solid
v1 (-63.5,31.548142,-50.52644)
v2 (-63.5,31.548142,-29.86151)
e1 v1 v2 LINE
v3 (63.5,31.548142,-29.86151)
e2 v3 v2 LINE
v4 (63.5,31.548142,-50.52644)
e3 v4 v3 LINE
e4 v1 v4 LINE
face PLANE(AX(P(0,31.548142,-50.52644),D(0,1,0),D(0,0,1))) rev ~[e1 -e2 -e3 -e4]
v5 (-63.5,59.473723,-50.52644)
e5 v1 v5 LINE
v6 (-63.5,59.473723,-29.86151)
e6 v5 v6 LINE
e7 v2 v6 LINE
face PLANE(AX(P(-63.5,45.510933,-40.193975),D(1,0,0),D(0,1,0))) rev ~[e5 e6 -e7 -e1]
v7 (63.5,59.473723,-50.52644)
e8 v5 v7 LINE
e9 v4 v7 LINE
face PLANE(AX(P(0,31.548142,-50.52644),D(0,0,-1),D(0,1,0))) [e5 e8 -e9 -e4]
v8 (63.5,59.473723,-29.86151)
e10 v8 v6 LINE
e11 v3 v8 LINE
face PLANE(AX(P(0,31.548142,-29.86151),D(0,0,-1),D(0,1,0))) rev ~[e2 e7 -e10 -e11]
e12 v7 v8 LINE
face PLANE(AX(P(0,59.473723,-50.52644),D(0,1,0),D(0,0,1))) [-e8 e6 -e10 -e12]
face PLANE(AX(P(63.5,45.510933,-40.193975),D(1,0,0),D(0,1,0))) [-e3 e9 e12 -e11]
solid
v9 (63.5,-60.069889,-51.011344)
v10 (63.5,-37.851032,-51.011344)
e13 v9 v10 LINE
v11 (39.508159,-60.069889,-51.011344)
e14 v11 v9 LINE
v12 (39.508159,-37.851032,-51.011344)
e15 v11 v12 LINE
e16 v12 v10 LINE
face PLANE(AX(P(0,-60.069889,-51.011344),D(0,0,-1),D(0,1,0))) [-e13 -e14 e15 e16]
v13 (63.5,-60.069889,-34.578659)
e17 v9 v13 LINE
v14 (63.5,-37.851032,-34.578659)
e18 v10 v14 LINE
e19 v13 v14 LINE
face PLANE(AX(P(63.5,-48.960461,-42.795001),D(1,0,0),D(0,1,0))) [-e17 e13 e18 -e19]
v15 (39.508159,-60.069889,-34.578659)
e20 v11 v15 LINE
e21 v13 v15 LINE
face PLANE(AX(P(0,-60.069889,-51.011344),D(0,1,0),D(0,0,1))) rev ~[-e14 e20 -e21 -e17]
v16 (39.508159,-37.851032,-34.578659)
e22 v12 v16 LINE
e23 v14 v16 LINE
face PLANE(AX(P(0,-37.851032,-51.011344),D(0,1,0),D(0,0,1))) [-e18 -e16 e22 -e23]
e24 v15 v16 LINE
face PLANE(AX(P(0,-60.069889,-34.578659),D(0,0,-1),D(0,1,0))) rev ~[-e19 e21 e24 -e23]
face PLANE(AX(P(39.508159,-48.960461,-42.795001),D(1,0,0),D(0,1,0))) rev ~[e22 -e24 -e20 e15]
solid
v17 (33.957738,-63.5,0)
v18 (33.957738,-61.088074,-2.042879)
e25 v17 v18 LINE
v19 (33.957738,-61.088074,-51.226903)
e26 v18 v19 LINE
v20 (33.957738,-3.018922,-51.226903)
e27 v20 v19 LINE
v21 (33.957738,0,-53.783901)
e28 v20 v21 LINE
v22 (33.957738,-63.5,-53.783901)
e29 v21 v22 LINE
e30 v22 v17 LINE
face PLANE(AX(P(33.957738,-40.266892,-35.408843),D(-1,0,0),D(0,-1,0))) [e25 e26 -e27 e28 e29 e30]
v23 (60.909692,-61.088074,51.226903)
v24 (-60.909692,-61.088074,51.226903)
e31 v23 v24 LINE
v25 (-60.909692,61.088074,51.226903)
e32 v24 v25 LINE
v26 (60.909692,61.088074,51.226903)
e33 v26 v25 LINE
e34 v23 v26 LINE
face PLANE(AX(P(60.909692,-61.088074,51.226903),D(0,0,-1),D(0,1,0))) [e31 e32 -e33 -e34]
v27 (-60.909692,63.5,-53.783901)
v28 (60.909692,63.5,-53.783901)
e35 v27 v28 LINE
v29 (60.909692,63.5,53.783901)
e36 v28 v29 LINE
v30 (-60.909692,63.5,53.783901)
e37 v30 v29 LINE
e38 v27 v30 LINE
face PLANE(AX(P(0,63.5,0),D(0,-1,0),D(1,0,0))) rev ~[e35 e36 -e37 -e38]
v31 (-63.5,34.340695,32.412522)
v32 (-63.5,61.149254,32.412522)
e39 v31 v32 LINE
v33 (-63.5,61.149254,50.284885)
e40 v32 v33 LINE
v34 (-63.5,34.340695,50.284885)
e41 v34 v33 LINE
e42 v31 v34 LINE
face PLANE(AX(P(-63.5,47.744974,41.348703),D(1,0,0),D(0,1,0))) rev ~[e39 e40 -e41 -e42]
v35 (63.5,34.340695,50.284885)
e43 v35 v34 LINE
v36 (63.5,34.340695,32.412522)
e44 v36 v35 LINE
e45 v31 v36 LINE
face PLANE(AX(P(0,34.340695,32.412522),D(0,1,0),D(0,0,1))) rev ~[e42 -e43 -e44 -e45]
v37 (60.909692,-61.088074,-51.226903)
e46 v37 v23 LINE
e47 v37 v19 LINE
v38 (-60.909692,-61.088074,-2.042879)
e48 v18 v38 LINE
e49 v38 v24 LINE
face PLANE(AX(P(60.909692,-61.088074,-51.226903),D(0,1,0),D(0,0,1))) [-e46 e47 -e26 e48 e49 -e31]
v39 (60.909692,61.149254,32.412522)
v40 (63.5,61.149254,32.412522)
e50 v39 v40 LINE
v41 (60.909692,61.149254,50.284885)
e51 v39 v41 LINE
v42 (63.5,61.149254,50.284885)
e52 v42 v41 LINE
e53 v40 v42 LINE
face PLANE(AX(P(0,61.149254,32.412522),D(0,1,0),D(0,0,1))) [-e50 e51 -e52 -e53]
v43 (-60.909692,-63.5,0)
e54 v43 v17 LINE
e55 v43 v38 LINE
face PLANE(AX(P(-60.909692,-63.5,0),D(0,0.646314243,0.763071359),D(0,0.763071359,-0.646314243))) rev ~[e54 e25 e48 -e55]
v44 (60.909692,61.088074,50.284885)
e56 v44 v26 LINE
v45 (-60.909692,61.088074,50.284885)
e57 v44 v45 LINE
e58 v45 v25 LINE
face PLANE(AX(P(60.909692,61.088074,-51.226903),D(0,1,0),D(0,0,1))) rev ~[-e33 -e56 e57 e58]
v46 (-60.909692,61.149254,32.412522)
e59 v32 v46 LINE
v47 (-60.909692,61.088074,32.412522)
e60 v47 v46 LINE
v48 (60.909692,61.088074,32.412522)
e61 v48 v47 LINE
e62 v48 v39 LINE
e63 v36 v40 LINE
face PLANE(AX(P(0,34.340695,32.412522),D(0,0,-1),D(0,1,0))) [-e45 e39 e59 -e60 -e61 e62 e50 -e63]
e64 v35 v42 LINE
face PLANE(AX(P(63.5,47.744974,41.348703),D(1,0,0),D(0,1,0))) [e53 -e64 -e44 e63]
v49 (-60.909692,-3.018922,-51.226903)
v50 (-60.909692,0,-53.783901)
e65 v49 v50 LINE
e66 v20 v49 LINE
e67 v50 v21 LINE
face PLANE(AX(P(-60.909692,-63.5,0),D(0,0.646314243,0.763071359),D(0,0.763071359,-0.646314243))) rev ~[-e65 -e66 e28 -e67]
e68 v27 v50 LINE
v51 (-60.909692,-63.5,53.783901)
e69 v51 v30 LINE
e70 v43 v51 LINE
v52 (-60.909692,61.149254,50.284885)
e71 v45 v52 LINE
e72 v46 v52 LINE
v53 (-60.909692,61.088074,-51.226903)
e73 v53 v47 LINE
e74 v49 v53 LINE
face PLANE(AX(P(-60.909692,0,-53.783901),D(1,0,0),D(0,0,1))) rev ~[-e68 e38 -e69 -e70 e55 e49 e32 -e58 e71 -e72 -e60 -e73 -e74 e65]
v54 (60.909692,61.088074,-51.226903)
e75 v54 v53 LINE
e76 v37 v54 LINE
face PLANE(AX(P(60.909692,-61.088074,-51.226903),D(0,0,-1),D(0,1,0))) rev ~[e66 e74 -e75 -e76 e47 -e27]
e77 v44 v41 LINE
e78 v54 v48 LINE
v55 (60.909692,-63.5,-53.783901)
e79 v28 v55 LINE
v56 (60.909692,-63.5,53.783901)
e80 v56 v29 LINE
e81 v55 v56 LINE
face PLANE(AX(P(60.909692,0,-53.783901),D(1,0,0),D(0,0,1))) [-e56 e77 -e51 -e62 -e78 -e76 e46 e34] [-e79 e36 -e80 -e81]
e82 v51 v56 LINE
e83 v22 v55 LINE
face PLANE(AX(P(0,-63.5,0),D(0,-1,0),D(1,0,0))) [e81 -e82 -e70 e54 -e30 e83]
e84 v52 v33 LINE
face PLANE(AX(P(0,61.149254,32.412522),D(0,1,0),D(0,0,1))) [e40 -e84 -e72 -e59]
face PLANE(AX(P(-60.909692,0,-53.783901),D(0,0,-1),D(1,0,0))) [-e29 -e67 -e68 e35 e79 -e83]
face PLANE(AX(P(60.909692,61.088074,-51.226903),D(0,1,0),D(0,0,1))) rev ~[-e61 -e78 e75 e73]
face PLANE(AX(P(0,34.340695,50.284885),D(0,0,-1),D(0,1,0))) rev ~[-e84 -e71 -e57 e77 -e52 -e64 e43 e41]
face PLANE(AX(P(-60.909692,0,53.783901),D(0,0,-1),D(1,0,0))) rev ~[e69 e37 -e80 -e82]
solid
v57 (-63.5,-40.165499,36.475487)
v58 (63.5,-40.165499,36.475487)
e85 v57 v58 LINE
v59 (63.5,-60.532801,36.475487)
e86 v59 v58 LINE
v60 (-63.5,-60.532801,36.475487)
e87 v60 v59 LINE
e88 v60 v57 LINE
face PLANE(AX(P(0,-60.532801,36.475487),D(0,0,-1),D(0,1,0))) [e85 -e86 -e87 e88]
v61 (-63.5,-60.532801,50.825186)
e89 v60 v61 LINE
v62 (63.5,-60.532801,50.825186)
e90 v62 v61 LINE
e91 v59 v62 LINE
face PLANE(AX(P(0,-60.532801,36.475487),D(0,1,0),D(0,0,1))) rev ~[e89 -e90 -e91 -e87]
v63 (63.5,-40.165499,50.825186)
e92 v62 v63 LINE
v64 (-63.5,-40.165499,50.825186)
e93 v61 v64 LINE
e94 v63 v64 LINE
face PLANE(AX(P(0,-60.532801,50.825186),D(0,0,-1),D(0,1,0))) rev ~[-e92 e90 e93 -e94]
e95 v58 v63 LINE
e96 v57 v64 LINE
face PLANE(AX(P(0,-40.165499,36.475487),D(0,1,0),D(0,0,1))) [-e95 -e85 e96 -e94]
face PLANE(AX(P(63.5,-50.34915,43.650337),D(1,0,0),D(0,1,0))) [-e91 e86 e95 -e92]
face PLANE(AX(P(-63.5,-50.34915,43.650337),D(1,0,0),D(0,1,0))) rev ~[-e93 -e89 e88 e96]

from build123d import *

# Parameters (mm, degrees)
F0_W     = 121.8193843961
F0_H     = 107.5678020716
F1_DEPTH = 63.5
F3_DEPTH = 94.8674306273
F5_W     = 122.1761479974
F5_H     = 102.4538055062
F6_DEPTH = 635
F7_W     = 20.3673020005
F7_H     = 14.3496990204
F8_DEPTH = 63.5
F7_W_2   = 22.2188573153
F7_H_2   = 16.4326854228
F7_W_3   = 26.8085598946
F7_H_3   = 17.8723633289
F7_W_4   = 27.92558074
F7_H_4   = 20.6649303436
F9_DEPTH = 103.008158505


with BuildPart() as f1:
    # F0 (on Front) → F1 (new body, symmetric)
    with BuildSketch(Plane.XZ):
        Rectangle(F0_W, F0_H)
    extrude(amount=F1_DEPTH, both=True)

    # F2 (on face) → F3 (cut)
    with BuildSketch(Plane(origin=(-60.909692198, 0, 0), x_dir=(0, -1, 0), z_dir=(-1, 0, 0))):
        Polygon((63.5, 0), (0, -53.7839010358), (63.5, -53.7839010358), align=None)
    extrude(amount=-F3_DEPTH, mode=Mode.SUBTRACT)

    # F5 (on face) → F6 (cut)
    with BuildSketch(Plane.YZ.offset(60.909692198)):
        Rectangle(F5_W, F5_H)
    extrude(amount=-F6_DEPTH, mode=Mode.SUBTRACT)

    # F7 (on Right) → F8, piece 3 (join, symmetric)
    with BuildSketch(Plane.YZ):
        with Locations((47.744974494, 41.3487032056)):
            Rectangle(F7_W_3, F7_H_3)
    extrude(amount=F8_DEPTH, both=True)


with BuildPart() as f8:
    # F7 (on Right) → F8 (new body, symmetric)
    with BuildSketch(Plane.YZ):
        with Locations((-50.349149853, 43.6503365636)):
            Rectangle(F7_W, F7_H)
    extrude(amount=F8_DEPTH, both=True)


with BuildPart() as f8b:
    # F7 (on Right) → F8, piece 2 (new body, symmetric)
    with BuildSketch(Plane.YZ):
        with Locations((-48.9604605273, -42.7950013518)):
            Rectangle(F7_W_2, F7_H_2)
    extrude(amount=F8_DEPTH, both=True)

    # F9 (cut): a face of the model
    f9_faces = [f8b.faces().sort_by_distance(p)[0] for p in [
        (-63.5, -48.9604605273, -42.7950013518),
    ]]
    extrude(f9_faces, amount=-F9_DEPTH, mode=Mode.SUBTRACT)


with BuildPart() as f8c:
    # F7 (on Right) → F8, piece 4 (new body, symmetric)
    with BuildSketch(Plane.YZ):
        with Locations((45.5109328032, -40.1939749718)):
            Rectangle(F7_W_4, F7_H_4)
    extrude(amount=F8_DEPTH, both=True)


solid = Compound([f1.part, f8.part, f8b.part, f8c.part])
